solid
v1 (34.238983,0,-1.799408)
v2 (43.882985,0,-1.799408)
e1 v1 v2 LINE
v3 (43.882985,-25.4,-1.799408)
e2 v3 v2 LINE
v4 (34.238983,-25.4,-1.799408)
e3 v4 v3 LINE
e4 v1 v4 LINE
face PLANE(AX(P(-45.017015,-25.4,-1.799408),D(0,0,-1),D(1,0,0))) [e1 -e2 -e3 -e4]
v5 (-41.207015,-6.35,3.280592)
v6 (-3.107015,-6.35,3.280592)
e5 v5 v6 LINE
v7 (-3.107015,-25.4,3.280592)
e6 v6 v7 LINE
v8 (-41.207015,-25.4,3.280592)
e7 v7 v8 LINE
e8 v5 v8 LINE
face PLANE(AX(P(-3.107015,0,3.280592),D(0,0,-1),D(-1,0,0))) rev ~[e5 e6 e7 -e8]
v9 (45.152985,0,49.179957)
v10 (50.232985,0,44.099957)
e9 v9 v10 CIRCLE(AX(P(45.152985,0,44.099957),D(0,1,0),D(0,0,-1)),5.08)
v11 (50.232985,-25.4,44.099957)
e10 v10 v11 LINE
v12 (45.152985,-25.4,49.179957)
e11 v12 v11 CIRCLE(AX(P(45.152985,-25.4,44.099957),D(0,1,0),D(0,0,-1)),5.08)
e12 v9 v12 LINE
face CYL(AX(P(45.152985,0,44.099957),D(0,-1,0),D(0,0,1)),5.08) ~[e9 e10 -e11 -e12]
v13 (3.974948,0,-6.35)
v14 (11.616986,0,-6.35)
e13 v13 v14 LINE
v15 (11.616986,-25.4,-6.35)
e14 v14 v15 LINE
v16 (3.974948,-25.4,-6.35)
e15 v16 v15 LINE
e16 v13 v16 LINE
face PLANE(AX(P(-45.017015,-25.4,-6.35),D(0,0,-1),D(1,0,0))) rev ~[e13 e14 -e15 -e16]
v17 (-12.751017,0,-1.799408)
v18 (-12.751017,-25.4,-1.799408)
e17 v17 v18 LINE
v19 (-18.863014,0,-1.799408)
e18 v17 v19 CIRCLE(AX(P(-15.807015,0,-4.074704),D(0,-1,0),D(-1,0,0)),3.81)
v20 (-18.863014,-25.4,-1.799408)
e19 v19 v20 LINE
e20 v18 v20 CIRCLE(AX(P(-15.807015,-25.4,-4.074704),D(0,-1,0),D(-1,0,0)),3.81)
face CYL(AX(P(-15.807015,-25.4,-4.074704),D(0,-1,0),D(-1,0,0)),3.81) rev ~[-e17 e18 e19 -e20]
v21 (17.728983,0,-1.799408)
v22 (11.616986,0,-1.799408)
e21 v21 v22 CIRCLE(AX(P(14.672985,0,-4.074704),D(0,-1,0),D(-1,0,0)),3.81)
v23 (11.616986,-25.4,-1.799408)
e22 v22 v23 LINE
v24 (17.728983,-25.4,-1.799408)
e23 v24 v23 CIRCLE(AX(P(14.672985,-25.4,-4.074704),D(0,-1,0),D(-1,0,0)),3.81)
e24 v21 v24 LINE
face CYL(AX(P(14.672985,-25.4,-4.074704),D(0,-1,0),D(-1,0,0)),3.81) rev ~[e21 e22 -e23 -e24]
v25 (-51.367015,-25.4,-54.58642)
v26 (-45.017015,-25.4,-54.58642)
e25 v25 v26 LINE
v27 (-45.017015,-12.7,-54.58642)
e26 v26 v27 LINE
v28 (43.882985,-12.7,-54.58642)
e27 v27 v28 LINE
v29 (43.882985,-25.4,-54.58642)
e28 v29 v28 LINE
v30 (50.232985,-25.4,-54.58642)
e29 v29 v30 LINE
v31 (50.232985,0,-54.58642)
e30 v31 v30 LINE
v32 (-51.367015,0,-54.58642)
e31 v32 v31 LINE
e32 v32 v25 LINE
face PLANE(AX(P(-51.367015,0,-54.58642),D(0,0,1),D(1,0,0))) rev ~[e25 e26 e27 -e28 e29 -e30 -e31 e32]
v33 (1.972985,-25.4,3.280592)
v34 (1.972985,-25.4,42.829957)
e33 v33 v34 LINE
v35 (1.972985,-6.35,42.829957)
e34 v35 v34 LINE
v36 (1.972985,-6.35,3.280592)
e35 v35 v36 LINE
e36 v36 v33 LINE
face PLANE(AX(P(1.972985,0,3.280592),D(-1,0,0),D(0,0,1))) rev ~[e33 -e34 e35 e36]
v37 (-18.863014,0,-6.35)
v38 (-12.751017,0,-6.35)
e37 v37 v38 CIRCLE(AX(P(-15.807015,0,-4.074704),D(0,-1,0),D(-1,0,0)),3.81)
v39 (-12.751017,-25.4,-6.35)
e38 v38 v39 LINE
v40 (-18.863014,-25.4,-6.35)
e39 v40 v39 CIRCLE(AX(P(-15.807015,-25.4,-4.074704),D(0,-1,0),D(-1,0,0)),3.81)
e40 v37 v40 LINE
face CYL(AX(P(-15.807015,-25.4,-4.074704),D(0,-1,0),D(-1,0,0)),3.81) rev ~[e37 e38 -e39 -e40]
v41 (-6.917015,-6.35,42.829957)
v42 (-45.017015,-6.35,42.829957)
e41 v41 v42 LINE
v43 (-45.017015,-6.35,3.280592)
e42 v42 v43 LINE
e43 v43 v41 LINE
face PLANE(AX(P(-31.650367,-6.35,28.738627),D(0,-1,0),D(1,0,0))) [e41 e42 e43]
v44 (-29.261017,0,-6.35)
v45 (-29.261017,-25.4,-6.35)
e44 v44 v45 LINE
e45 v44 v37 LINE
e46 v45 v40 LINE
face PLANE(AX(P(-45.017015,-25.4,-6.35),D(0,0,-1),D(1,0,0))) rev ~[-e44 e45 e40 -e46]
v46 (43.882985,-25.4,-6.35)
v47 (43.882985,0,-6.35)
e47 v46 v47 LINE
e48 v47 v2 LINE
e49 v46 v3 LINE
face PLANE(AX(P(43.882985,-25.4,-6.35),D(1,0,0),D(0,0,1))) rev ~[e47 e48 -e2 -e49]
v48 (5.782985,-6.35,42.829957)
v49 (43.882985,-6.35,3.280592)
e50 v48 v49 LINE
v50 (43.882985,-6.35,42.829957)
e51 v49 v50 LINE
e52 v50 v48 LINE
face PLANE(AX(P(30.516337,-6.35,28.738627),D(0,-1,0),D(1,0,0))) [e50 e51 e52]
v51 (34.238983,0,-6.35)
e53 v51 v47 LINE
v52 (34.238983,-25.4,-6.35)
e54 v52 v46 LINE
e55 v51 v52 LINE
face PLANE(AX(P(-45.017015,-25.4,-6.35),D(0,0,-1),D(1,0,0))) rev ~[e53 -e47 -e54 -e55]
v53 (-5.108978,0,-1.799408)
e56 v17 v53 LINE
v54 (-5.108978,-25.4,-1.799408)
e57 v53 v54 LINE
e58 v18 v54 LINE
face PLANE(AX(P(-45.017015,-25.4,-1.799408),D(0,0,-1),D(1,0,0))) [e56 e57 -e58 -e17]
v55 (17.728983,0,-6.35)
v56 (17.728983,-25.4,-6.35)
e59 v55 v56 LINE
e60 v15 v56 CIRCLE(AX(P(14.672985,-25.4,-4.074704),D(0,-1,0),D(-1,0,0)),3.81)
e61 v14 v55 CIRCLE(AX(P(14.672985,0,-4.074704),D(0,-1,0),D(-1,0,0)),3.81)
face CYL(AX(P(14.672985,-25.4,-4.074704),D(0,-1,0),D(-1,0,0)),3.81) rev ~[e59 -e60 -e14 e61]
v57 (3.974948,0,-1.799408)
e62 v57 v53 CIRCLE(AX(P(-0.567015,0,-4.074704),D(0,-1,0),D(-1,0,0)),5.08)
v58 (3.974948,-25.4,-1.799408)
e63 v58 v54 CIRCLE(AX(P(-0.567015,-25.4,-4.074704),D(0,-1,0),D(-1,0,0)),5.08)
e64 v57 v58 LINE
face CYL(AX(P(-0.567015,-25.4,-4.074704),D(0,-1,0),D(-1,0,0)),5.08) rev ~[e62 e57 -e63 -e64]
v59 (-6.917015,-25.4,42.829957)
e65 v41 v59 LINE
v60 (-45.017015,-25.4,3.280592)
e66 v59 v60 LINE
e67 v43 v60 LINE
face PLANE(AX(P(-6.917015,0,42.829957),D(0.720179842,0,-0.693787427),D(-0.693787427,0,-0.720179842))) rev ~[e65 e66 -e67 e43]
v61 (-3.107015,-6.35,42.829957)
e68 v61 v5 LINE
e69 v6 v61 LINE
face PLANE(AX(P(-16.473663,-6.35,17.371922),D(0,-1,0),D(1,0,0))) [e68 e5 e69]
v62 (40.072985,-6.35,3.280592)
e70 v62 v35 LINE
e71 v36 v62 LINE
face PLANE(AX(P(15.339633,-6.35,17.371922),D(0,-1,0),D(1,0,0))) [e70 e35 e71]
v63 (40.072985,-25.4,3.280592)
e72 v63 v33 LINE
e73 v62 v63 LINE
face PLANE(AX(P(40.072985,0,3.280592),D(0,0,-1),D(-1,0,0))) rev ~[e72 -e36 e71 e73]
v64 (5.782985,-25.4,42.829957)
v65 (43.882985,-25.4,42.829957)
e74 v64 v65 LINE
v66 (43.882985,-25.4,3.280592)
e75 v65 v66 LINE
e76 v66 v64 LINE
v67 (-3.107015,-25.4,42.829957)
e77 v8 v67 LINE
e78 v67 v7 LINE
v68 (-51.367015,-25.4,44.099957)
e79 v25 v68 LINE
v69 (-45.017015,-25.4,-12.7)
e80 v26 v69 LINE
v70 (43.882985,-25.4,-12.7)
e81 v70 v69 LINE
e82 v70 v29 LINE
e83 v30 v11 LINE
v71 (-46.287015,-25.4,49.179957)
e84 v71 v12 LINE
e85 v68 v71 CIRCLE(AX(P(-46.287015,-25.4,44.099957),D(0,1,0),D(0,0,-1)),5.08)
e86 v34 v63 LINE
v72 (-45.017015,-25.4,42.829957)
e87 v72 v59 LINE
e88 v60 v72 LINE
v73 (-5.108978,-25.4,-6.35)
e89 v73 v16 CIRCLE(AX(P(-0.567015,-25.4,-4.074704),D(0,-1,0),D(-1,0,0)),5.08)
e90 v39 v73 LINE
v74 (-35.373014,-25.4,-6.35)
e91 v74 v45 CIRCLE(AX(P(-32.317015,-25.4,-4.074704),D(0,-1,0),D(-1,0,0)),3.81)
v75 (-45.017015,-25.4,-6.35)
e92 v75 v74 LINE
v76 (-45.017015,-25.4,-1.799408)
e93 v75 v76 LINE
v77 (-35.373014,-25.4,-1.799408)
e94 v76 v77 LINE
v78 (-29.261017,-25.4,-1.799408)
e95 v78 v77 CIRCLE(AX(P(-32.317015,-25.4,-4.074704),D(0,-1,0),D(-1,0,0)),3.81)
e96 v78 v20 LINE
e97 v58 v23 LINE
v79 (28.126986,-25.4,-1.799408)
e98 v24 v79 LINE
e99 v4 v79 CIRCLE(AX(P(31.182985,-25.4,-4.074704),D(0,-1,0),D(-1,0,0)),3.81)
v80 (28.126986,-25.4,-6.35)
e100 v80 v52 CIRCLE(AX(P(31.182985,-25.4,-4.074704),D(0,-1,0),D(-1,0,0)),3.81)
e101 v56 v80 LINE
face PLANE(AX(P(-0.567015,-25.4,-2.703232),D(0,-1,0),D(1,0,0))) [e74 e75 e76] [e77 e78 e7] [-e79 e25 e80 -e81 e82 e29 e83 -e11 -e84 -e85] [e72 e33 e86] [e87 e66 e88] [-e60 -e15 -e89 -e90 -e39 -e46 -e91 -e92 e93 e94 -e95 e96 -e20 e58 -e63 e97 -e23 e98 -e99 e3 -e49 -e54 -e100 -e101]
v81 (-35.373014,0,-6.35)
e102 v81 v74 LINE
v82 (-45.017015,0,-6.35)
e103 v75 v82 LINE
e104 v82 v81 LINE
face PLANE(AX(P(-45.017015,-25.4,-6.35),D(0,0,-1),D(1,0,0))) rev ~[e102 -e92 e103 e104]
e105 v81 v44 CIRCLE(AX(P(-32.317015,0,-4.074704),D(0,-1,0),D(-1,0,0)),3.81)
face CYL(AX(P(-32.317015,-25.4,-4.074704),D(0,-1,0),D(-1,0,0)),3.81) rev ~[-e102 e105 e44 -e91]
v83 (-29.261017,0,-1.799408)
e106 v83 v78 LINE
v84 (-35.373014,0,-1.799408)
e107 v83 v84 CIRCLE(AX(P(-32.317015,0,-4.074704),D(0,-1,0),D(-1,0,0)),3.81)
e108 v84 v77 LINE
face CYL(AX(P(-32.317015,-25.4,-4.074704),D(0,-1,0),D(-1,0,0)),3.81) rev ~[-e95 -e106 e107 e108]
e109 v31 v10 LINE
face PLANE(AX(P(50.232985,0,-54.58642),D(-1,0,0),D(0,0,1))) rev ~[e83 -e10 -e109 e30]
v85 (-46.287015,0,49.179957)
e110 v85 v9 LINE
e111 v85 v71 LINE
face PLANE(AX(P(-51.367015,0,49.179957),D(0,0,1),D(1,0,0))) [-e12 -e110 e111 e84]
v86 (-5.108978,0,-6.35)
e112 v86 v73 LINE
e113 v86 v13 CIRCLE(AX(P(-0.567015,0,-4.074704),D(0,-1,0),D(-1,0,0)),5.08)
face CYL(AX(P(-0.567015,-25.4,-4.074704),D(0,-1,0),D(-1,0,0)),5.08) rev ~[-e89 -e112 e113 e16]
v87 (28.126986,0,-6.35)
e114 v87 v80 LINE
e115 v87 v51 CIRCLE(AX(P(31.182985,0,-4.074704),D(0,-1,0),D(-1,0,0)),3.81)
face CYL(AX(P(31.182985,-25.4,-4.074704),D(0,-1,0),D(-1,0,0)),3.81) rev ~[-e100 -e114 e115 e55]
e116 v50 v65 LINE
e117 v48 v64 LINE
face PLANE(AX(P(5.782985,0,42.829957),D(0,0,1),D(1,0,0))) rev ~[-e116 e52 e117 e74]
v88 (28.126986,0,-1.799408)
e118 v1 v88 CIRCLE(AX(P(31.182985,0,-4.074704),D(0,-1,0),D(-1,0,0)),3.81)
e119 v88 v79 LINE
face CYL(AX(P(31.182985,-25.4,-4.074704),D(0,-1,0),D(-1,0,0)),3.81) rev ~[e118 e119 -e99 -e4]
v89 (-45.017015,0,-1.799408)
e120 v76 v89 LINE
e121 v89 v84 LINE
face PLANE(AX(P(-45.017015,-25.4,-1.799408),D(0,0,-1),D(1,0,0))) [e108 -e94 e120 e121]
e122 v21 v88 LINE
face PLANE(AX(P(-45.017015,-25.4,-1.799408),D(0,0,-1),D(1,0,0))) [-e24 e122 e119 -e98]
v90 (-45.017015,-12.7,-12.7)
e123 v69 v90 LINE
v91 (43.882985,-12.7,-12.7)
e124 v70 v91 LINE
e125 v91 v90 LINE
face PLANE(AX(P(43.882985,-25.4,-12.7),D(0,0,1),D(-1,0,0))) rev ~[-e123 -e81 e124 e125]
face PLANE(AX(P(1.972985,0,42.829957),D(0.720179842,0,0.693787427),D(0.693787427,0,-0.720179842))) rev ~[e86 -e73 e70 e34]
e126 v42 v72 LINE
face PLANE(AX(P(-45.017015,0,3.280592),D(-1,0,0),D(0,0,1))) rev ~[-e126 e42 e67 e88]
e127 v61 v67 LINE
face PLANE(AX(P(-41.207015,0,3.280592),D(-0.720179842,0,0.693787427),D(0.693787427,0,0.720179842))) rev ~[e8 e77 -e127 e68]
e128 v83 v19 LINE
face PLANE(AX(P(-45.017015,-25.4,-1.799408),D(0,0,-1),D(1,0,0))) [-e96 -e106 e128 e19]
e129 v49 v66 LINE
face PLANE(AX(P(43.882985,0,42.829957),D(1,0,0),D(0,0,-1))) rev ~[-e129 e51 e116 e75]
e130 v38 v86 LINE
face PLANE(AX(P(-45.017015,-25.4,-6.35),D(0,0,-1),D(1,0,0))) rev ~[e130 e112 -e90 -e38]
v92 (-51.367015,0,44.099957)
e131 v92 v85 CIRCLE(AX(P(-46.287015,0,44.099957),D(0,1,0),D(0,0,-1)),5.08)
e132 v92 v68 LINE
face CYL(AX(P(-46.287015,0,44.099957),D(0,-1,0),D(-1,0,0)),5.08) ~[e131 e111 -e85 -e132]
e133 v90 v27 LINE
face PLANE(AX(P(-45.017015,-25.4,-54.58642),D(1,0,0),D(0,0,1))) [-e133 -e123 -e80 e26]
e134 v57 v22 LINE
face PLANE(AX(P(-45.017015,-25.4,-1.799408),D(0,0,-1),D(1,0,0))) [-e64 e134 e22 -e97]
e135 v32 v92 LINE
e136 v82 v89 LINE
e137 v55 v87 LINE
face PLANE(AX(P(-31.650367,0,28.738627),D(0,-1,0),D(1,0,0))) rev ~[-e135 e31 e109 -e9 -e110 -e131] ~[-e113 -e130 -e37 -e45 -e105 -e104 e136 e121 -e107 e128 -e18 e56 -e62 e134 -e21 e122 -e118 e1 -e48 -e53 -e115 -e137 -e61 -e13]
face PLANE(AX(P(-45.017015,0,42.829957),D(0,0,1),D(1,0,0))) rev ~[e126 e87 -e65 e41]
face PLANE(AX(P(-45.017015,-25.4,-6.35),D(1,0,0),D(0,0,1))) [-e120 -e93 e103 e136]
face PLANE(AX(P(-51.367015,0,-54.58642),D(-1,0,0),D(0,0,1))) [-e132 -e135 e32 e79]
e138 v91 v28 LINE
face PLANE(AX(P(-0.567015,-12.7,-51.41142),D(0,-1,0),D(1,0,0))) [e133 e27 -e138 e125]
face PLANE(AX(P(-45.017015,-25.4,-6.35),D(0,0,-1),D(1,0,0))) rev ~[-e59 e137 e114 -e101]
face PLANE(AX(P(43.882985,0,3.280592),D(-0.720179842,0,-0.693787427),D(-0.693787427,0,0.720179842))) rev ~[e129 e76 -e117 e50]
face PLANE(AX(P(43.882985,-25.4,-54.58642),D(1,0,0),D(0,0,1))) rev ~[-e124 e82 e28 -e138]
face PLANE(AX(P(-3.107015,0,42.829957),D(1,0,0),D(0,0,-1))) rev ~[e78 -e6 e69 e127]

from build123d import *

# Parameters (mm, degrees)
F0_W      = 101.6
F0_H      = 103.766376869
F1_DEPTH  = 25.4
F2_DEPTH  = 6.35
F3_R      = 5.08
F4_W      = 88.9
F4_H      = 4.550592151
F5_DEPTH  = 25.4
F6_W      = 41.91
F6_H      = 35.5364200096
F6_W_2    = 5.08
F7_DEPTH  = 12.7
F8_W      = 88.9
F8_H      = 6.35
F9_DEPTH  = 12.7
F11_DEPTH = 25.4


with BuildPart() as f1:
    # F0 (on Front) → F1 (new body)
    with BuildSketch(Plane.XZ):
        with Locations((-0.5670151889, -2.7032315751)):
            Rectangle(F0_W, F0_H)
        Polygon((-45.0170151889, 3.280592151), (-45.0170151889, 42.8299568594), (-6.9170151889, 42.8299568594), align=None, mode=Mode.SUBTRACT)
        Polygon((-3.1070151889, 3.280592151), (-41.2070151889, 3.280592151), (-3.1070151889, 42.8299568594), align=None, mode=Mode.SUBTRACT)
        Polygon((1.9729848111, 42.8299568594), (40.0729848111, 3.280592151), (1.9729848111, 3.280592151), align=None, mode=Mode.SUBTRACT)
        Polygon((5.7829848111, 42.8299568594), (43.8829848111, 42.8299568594), (43.8829848111, 3.280592151), align=None, mode=Mode.SUBTRACT)
    extrude(amount=F1_DEPTH)

    # F0 (on Front) → F2 (join)
    with BuildSketch(Plane.XZ):
        Polygon((-6.9170151889, 42.8299568594), (-45.0170151889, 42.8299568594), (-45.0170151889, 3.280592151), align=None)
        Polygon((-3.1070151889, 42.8299568594), (-41.2070151889, 3.280592151), (-3.1070151889, 3.280592151), align=None)
        Polygon((1.9729848111, 3.280592151), (40.0729848111, 3.280592151), (1.9729848111, 42.8299568594), align=None)
        Polygon((43.8829848111, 3.280592151), (43.8829848111, 42.8299568594), (5.7829848111, 42.8299568594), align=None)
    extrude(amount=F2_DEPTH)

    # F3
    f3_edges = [f1.edges().sort_by_distance(p)[0] for p in [
        (-51.367015, -12.7, 49.179957),
        (50.232985, -12.7, 49.179957),
    ]]
    fillet(f3_edges, radius=F3_R)

    # F4 (on face) → F5 (cut)
    with BuildSketch(Plane.XZ.offset(25.4)):
        with Locations((-0.5670151889, -4.0747039245)):
            Rectangle(F4_W, F4_H)
    extrude(amount=-F5_DEPTH, mode=Mode.SUBTRACT)

    # F6 (on face) → F7 (cut)
    with BuildSketch(Plane.XZ.offset(25.4)):
        with Locations((-24.0620151889, -30.4682100048)):
            Rectangle(F6_W, F6_H)
        with Locations((22.9279848111, -30.4682100048)):
            Rectangle(F6_W, F6_H)
        with Locations((-0.5670151889, -30.4682100048)):
            Rectangle(F6_W_2, F6_H)
    extrude(amount=-F7_DEPTH, mode=Mode.SUBTRACT)

    # F8 (on face) → F9 (cut)
    with BuildSketch(Plane.XZ.offset(25.4)):
        with Locations((-0.5670151889, -51.4114200096)):
            Rectangle(F8_W, F8_H)
    extrude(amount=-F9_DEPTH, mode=Mode.SUBTRACT)

    # F10 (on face) → F11 (cut)
    with BuildSketch(Plane.XZ.offset(25.4)):
        with BuildLine():
            ThreePointArc((-28.5070151889, -4.0747039245), (-32.3170151889, -0.2647039245), (-36.1270151889, -4.0747039245))
            Line((-36.1270151889, -4.0747039245), (-28.5070151889, -4.0747039245))
        make_face()
        with BuildLine():
            ThreePointArc((34.9929848111, -4.0747039245), (31.1829848111, -0.2647039245), (27.3729848111, -4.0747039245))
            Line((27.3729848111, -4.0747039245), (34.9929848111, -4.0747039245))
        make_face()
        with BuildLine():
            Line((34.9929848111, -4.0747039245), (27.3729848111, -4.0747039245))
            ThreePointArc((27.3729848111, -4.0747039245), (31.1829848111, -7.8847039245), (34.9929848111, -4.0747039245))
        make_face()
        with BuildLine():
            ThreePointArc((18.4829848111, -4.0747039245), (14.6729848111, -0.2647039245), (10.8629848111, -4.0747039245))
            Line((10.8629848111, -4.0747039245), (18.4829848111, -4.0747039245))
        make_face()
        with BuildLine():
            Line((18.4829848111, -4.0747039245), (10.8629848111, -4.0747039245))
            ThreePointArc((10.8629848111, -4.0747039245), (14.6729848111, -7.8847039245), (18.4829848111, -4.0747039245))
        make_face()
        with BuildLine():
            ThreePointArc((4.5129848111, -4.0747039245), (-0.5670151889, 1.0052960755), (-5.6470151889, -4.0747039245))
            Line((-5.6470151889, -4.0747039245), (4.5129848111, -4.0747039245))
        make_face()
        with BuildLine():
            Line((4.5129848111, -4.0747039245), (-5.6470151889, -4.0747039245))
            ThreePointArc((-5.6470151889, -4.0747039245), (-0.5670151889, -9.1547039245), (4.5129848111, -4.0747039245))
        make_face()
        with BuildLine():
            ThreePointArc((-11.9970151889, -4.0747039245), (-15.8070151889, -0.2647039245), (-19.6170151889, -4.0747039245))
            Line((-19.6170151889, -4.0747039245), (-11.9970151889, -4.0747039245))
        make_face()
        with BuildLine():
            Line((-11.9970151889, -4.0747039245), (-19.6170151889, -4.0747039245))
            ThreePointArc((-19.6170151889, -4.0747039245), (-15.8070151889, -7.8847039245), (-11.9970151889, -4.0747039245))
        make_face()
        with BuildLine():
            Line((-28.5070151889, -4.0747039245), (-36.1270151889, -4.0747039245))
            ThreePointArc((-36.1270151889, -4.0747039245), (-32.3170151889, -7.8847039245), (-28.5070151889, -4.0747039245))
        make_face()
    extrude(amount=-F11_DEPTH, mode=Mode.SUBTRACT)


solid = f1.part
